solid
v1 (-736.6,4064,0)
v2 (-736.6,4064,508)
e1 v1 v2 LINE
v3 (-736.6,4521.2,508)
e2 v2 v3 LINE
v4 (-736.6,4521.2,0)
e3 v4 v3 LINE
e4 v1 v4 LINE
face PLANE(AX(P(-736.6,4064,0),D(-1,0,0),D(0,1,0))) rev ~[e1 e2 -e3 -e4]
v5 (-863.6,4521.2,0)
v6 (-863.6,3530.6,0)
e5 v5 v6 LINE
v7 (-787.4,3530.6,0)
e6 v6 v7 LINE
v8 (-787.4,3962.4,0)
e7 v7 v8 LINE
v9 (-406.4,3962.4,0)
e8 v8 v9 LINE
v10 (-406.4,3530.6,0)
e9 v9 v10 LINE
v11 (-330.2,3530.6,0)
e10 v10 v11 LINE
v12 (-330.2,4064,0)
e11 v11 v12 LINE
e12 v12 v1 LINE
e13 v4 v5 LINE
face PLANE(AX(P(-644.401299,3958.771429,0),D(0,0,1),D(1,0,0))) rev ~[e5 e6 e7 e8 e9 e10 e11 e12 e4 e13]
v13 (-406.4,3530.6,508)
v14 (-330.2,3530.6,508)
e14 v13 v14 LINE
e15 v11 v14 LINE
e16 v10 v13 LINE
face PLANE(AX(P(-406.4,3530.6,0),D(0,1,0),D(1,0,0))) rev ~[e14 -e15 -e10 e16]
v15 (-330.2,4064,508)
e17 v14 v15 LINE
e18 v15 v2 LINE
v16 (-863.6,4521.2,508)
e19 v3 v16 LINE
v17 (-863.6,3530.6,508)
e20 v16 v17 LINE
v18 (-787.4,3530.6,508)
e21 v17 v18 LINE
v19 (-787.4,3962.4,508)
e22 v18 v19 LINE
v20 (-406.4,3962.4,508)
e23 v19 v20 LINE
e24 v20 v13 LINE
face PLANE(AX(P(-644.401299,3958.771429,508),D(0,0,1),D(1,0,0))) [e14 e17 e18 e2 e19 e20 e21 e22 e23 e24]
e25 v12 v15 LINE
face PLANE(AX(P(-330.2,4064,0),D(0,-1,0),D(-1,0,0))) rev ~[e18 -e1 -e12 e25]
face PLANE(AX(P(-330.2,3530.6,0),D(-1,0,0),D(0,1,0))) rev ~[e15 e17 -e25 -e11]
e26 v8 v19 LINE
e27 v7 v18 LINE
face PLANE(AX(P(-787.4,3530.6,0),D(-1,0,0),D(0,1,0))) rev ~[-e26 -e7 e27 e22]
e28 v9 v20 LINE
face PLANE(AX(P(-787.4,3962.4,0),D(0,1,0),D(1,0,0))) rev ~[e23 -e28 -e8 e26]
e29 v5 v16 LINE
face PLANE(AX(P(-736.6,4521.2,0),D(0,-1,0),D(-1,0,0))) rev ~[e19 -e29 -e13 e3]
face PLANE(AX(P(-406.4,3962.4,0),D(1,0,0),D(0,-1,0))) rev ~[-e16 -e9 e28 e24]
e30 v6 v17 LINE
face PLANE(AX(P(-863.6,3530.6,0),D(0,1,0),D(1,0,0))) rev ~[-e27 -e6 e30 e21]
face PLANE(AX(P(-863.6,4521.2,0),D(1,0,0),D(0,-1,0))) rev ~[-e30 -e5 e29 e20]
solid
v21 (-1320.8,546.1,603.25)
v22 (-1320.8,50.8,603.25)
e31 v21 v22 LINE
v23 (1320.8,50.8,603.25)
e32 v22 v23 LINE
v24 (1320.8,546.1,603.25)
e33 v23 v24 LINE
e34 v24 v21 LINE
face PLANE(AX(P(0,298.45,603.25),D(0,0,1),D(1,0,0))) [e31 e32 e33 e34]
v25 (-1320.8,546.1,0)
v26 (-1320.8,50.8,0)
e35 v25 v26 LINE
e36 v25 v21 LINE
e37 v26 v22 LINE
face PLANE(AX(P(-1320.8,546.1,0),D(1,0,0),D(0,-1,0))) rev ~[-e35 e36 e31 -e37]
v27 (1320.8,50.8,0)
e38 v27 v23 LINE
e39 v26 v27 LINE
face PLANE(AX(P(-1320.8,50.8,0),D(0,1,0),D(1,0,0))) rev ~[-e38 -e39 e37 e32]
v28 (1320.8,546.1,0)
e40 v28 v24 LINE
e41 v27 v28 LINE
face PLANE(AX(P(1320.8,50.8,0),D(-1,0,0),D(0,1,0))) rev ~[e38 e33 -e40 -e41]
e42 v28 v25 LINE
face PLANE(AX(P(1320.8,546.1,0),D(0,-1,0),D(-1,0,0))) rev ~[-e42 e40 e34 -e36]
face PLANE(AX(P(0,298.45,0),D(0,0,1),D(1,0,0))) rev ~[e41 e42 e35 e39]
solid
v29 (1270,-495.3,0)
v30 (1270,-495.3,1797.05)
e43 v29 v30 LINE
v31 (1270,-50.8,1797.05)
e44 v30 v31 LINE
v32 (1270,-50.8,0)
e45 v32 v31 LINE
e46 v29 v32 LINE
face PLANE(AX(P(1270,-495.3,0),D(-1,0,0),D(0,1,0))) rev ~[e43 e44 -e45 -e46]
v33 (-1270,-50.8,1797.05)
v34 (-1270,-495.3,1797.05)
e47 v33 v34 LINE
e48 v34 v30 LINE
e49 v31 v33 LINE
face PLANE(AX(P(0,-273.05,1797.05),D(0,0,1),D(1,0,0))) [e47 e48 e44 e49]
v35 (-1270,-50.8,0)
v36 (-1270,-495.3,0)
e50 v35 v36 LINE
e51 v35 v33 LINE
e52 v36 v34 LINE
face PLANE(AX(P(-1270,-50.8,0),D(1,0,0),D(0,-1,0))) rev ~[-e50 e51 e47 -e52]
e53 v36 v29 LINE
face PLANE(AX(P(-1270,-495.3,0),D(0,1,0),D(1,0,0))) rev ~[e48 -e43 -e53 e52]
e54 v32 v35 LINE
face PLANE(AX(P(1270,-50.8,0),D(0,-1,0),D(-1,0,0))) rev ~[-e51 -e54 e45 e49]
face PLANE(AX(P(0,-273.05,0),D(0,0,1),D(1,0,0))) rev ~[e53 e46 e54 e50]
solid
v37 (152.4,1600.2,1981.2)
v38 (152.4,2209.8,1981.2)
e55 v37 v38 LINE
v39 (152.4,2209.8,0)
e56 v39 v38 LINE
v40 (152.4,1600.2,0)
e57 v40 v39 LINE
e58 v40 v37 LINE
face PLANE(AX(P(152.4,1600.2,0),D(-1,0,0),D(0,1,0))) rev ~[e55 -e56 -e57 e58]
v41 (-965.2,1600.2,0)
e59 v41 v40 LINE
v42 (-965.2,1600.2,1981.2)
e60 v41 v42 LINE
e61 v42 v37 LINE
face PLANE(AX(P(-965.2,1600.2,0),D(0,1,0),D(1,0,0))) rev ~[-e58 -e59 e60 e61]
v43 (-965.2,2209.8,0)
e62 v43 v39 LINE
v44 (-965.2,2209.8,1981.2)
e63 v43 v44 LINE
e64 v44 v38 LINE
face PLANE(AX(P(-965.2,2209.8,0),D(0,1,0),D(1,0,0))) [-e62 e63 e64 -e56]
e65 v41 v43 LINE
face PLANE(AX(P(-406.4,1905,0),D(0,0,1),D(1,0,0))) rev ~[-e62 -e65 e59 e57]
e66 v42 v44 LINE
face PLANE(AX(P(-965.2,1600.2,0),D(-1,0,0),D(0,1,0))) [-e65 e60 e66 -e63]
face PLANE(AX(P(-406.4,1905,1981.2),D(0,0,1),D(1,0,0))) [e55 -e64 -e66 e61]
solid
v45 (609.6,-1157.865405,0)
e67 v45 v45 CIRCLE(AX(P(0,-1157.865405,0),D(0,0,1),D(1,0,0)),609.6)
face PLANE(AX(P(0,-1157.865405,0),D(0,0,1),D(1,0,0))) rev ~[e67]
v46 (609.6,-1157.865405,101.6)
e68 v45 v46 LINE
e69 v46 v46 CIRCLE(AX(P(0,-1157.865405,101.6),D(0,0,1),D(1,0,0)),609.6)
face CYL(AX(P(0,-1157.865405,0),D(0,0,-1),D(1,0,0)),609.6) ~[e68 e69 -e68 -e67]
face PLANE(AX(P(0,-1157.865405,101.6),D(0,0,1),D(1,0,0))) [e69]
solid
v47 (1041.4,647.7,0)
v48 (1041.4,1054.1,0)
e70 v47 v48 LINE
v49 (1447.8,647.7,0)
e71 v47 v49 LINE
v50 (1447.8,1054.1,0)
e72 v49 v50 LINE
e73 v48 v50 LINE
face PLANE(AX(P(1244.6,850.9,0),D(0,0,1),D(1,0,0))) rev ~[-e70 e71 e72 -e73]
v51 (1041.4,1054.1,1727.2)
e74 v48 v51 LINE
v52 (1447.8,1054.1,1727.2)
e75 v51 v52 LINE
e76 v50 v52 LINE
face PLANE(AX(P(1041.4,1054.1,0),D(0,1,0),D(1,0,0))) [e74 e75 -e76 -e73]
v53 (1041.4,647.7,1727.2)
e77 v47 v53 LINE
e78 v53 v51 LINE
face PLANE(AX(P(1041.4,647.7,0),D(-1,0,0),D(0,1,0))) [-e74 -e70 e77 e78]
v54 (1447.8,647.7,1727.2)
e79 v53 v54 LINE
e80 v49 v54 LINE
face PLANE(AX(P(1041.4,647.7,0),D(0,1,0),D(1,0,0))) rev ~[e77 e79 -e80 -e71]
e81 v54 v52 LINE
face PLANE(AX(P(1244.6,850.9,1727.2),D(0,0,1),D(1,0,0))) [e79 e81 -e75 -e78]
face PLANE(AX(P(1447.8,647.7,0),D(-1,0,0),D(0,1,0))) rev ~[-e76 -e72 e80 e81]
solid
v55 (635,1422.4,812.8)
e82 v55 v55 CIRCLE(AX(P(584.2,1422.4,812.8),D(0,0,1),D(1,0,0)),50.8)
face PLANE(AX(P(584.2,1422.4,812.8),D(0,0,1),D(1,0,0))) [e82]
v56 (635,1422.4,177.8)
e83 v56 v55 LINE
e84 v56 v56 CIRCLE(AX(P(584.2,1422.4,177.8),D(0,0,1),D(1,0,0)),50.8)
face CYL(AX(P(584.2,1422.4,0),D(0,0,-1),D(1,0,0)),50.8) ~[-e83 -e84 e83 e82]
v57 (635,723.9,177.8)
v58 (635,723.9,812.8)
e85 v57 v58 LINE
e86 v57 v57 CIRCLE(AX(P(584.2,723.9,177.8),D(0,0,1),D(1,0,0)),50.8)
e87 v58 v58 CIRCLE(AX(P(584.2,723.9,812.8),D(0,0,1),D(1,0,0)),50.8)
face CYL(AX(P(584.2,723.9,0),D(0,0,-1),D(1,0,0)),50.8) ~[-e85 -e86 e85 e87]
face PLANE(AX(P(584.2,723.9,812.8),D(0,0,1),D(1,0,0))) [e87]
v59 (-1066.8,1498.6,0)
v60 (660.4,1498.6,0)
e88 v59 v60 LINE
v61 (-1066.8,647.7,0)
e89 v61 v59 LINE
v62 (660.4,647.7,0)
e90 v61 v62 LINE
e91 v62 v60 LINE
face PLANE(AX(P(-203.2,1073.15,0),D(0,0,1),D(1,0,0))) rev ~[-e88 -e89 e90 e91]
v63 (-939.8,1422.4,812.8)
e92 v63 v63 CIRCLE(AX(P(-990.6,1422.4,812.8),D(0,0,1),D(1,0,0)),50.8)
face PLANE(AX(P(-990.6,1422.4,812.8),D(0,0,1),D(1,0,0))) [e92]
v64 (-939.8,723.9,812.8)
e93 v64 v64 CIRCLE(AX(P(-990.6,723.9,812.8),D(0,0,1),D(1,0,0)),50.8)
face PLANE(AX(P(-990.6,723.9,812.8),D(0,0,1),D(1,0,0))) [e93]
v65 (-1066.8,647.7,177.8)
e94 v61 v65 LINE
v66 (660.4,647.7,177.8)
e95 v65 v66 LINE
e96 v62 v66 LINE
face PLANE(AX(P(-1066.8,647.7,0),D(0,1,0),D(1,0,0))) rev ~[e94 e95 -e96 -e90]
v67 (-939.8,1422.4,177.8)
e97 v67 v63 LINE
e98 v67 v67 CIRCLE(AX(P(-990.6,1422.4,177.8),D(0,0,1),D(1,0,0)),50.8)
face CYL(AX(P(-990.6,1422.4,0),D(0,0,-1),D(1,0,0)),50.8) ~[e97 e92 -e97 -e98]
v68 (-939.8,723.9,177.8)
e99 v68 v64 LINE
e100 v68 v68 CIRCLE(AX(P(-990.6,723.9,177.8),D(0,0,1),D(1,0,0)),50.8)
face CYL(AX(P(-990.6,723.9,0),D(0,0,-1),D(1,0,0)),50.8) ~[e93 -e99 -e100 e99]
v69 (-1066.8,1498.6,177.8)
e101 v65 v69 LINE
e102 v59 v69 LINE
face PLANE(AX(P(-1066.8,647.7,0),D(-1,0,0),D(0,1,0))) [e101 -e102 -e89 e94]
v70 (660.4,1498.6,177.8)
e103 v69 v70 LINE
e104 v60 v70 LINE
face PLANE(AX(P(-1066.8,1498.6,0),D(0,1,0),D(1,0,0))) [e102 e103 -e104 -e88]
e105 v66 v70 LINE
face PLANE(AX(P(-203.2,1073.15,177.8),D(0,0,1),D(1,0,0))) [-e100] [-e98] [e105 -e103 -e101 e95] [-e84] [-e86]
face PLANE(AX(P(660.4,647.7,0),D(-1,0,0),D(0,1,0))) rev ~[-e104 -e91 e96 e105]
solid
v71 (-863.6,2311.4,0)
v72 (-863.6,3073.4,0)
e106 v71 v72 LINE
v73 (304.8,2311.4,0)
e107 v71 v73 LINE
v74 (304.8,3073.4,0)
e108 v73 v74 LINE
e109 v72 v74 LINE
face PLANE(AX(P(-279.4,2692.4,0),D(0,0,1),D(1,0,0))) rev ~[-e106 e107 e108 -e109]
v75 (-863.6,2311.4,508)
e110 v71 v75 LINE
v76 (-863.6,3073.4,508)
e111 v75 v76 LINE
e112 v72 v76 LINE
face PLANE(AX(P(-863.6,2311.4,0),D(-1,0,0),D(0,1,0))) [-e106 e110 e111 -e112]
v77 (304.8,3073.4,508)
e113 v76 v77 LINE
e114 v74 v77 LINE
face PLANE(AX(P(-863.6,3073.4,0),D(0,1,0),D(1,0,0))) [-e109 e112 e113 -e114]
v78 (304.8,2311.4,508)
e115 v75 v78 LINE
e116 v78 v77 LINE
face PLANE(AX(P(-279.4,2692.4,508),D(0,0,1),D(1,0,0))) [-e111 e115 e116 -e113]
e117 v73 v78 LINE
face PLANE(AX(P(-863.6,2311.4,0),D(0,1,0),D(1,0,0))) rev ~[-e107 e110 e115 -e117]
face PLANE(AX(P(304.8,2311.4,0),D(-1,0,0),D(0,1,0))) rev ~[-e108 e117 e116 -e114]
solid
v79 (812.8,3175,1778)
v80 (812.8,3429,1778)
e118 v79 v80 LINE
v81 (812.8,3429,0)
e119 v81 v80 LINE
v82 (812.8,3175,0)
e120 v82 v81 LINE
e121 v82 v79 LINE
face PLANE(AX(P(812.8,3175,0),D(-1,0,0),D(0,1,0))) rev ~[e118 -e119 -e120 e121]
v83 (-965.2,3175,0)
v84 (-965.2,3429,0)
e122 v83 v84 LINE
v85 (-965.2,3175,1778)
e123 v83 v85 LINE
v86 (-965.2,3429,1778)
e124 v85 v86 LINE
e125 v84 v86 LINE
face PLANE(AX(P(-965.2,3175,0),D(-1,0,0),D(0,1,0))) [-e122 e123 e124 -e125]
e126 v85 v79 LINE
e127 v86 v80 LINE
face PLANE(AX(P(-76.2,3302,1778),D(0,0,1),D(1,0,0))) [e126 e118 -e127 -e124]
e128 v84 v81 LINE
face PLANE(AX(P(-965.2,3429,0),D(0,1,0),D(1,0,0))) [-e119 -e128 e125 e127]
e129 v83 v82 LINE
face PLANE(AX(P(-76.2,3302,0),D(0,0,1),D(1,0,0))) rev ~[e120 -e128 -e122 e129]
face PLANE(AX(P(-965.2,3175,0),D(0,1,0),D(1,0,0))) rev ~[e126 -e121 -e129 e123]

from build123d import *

# Parameters (mm, degrees)
F1_DEPTH  = 603.25
F2_DEPTH  = 1797.05
F0_W      = 1727.2
F0_H      = 850.9
F0_R      = 50.8
F3_DEPTH  = 177.8
F4_DEPTH  = 812.8
F0_W_2    = 1117.6
F0_H_2    = 609.6
F5_DEPTH  = 1981.2
F0_W_3    = 1168.4
F0_H_3    = 762
F6_DEPTH  = 508
F0_W_4    = 1778
F0_H_4    = 254
F7_DEPTH  = 1778
F8_DEPTH  = 508
F0_W_5    = 406.4
F0_H_5    = 406.4
F9_DEPTH  = 1727.2
F0_R_2    = 609.6
F10_DEPTH = 101.6


with BuildPart() as f1:
    # F0 (on Top) → F1 (new body)
    with BuildSketch(Plane.XY):
        Polygon((-1320.8, 546.1), (-1320.8, 50.8), (0, 50.8), (1320.8, 50.8), (1320.8, 546.1), align=None)
    extrude(amount=F1_DEPTH)


with BuildPart() as f2:
    # F0 (on Top) → F2 (new body)
    with BuildSketch(Plane.XY):
        Polygon((1270, -50.8), (0, -50.8), (-1270, -50.8), (-1270, -495.3), (1270, -495.3), align=None)
    extrude(amount=F2_DEPTH)


with BuildPart() as f3:
    # F0 (on Top) → F3 (new body)
    with BuildSketch(Plane.XY):
        with Locations((-203.2, 1073.15)):
            Rectangle(F0_W, F0_H)
        with Locations((-990.6, 723.9)):
            Circle(F0_R, mode=Mode.SUBTRACT)
        with Locations((584.2, 723.9)):
            Circle(F0_R, mode=Mode.SUBTRACT)
        with Locations((-990.6, 1422.4)):
            Circle(F0_R, mode=Mode.SUBTRACT)
        with Locations((584.2, 1422.4)):
            Circle(F0_R, mode=Mode.SUBTRACT)
    extrude(amount=F3_DEPTH)

    # F0 (on Top) → F4 (join)
    with BuildSketch(Plane.XY):
        with Locations((-990.6, 1422.4)):
            Circle(F0_R)
        with Locations((584.2, 1422.4)):
            Circle(F0_R)
        with Locations((-990.6, 723.9)):
            Circle(F0_R)
        with Locations((584.2, 723.9)):
            Circle(F0_R)
    extrude(amount=F4_DEPTH)


with BuildPart() as f5:
    # F0 (on Top) → F5 (new body)
    with BuildSketch(Plane.XY):
        with Locations((-406.4, 1905)):
            Rectangle(F0_W_2, F0_H_2)
    extrude(amount=F5_DEPTH)


with BuildPart() as f6:
    # F0 (on Top) → F6 (new body)
    with BuildSketch(Plane.XY):
        with Locations((-279.4, 2692.4)):
            Rectangle(F0_W_3, F0_H_3)
    extrude(amount=F6_DEPTH)


with BuildPart() as f7:
    # F0 (on Top) → F7 (new body)
    with BuildSketch(Plane.XY):
        with Locations((-76.2, 3302)):
            Rectangle(F0_W_4, F0_H_4)
    extrude(amount=F7_DEPTH)


with BuildPart() as f8:
    # F0 (on Top) → F8 (new body)
    with BuildSketch(Plane.XY):
        Polygon((-863.6, 4521.2), (-863.6, 3530.6), (-787.4, 3530.6), (-787.4, 3962.4), (-406.4, 3962.4), (-406.4, 3530.6), (-330.2, 3530.6), (-330.2, 4064), (-736.6, 4064), (-736.6, 4521.2), align=None)
    extrude(amount=F8_DEPTH)


with BuildPart() as f9:
    # F0 (on Top) → F9 (new body)
    with BuildSketch(Plane.XY):
        with Locations((1244.6, 850.9)):
            Rectangle(F0_W_5, F0_H_5)
    extrude(amount=F9_DEPTH)


with BuildPart() as f10:
    # F0 (on Top) → F10 (new body)
    with BuildSketch(Plane.XY):
        with Locations((0, -1157.865405)):
            Circle(F0_R_2)
    extrude(amount=F10_DEPTH)


solid = Compound([f1.part, f2.part, f3.part, f5.part, f6.part, f7.part, f8.part, f9.part, f10.part])
